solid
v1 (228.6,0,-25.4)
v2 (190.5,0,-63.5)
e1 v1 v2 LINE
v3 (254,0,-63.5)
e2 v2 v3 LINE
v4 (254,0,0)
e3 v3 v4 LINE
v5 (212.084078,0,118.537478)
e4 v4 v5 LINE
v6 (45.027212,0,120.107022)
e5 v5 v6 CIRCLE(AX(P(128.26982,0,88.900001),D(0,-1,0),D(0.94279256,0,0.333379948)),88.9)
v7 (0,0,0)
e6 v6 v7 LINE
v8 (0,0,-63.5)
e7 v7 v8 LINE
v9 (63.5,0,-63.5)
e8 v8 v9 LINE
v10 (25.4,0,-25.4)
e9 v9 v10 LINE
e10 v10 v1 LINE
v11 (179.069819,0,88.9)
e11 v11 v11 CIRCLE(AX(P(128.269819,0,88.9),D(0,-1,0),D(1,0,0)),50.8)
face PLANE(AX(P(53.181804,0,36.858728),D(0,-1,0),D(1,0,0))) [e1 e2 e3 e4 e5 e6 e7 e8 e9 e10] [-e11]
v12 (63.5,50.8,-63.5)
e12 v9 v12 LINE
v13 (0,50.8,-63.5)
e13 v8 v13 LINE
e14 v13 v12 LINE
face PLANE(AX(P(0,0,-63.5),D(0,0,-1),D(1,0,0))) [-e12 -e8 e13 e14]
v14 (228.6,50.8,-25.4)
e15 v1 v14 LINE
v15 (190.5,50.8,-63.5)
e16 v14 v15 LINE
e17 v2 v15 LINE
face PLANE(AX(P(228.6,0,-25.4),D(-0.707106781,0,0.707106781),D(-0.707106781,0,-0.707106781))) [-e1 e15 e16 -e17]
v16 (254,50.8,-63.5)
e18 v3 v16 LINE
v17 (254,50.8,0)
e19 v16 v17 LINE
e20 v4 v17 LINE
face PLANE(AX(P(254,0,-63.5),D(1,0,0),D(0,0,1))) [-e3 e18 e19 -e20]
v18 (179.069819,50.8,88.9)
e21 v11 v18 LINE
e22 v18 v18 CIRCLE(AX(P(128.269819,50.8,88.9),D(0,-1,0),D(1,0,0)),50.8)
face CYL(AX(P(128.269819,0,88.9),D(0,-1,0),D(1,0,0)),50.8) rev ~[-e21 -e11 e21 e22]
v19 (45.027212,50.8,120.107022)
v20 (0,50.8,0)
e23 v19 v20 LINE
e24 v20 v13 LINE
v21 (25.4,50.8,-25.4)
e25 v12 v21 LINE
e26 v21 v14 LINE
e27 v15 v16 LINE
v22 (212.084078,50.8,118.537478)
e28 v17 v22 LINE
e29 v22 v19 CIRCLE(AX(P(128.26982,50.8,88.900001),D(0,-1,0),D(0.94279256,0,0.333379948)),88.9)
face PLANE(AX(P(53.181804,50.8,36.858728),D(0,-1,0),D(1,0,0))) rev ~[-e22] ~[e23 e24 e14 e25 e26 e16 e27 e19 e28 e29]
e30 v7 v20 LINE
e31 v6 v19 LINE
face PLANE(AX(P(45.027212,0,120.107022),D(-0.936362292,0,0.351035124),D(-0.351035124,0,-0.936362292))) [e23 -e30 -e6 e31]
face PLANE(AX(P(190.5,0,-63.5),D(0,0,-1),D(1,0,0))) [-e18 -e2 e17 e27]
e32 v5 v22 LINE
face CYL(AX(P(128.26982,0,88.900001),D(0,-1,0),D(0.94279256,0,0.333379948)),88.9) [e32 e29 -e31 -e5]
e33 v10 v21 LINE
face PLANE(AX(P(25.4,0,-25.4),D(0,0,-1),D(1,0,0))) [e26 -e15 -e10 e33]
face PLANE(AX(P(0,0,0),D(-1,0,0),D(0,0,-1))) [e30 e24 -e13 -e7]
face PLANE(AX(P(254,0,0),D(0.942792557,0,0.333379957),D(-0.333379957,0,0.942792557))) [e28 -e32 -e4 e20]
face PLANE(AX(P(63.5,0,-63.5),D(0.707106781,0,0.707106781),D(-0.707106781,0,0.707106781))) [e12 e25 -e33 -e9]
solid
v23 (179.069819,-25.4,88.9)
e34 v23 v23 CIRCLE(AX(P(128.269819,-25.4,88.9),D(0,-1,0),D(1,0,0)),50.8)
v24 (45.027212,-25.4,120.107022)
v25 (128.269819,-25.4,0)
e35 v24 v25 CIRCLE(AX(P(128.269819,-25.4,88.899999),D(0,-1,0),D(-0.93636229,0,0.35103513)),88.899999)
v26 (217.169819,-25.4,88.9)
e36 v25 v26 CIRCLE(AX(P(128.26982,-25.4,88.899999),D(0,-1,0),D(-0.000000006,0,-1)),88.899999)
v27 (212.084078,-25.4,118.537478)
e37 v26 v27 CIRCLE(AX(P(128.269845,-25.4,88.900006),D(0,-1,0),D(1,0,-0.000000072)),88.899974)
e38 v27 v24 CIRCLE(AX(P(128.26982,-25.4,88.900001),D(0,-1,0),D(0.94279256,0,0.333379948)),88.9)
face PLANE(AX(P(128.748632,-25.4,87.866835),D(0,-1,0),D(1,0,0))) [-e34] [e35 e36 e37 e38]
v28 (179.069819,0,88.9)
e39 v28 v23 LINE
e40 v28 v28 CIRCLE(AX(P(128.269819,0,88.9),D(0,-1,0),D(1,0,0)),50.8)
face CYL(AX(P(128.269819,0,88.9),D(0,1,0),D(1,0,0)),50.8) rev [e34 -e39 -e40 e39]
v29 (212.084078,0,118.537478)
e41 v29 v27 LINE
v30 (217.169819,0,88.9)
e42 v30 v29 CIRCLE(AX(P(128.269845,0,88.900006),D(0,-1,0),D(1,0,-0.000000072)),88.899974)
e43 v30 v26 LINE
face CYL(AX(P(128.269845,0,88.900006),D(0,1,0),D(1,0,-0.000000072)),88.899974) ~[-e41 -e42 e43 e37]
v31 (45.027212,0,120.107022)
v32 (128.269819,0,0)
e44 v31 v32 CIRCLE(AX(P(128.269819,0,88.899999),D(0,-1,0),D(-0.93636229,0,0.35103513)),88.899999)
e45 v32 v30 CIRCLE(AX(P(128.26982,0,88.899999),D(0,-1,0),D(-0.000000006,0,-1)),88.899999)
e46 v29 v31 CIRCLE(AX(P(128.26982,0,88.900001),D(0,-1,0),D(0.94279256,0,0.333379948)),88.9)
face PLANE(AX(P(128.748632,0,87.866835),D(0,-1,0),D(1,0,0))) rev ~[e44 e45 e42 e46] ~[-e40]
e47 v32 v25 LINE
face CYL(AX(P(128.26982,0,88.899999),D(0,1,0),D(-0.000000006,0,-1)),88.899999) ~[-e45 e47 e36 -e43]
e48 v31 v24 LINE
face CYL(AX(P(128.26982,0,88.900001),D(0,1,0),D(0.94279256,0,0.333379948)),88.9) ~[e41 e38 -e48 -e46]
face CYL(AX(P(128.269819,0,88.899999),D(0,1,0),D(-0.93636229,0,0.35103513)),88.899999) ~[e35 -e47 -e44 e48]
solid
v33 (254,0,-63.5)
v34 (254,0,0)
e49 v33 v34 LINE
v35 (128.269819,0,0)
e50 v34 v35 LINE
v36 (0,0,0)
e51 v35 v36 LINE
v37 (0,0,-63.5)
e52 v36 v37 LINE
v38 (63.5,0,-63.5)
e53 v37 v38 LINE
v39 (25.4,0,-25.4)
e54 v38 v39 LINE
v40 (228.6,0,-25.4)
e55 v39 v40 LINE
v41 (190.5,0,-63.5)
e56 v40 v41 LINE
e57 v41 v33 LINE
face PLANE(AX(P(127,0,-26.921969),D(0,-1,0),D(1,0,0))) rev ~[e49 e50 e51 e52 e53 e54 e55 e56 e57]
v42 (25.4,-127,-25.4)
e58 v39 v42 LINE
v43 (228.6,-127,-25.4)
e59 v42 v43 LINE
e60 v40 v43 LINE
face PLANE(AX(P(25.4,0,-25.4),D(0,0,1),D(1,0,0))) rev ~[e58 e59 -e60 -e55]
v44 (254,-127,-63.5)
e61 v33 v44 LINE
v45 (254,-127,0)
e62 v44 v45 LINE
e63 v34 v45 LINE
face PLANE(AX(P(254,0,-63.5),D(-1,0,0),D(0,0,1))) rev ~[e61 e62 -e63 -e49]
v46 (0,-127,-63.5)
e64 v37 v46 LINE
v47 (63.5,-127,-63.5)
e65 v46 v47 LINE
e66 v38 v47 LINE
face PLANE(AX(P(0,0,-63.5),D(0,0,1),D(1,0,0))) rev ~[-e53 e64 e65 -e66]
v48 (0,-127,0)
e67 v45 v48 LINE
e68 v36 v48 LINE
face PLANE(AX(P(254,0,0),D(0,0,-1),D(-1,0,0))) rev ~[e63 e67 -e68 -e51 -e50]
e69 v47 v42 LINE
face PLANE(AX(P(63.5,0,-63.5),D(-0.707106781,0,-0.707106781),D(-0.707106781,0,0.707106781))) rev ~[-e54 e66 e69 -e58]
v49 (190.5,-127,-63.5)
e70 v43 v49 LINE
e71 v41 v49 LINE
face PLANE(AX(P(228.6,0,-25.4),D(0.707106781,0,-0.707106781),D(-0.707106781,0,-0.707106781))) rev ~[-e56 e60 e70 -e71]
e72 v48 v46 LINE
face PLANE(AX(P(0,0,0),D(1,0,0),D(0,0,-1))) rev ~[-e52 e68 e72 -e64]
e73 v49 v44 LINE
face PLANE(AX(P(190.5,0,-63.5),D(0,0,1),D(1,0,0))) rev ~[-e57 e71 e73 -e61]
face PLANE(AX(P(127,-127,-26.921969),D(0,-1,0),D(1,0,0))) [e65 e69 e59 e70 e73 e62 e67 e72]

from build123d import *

# Parameters (mm, degrees)
F1_DEPTH = 127
F0_R     = 50.8
F2_DEPTH = 25.4
F3_DEPTH = 50.8


with BuildPart() as f1:
    # F0 (on Front) → F1 (new body)
    with BuildSketch(Plane.XZ):
        Polygon((128.269819, 0), (0, 0), (0, -63.5), (63.5, -63.5), (25.4, -25.4), (228.6, -25.4), (190.5, -63.5), (254, -63.5), (254, 0), align=None)
    extrude(amount=F1_DEPTH)

    # F0 (on Front) → F2 (join)
    with BuildSketch(Plane.XZ):
        with BuildLine():
            ThreePointArc((45.027212, 120.107022), (55.20302, 38.259573), (128.269819, 0))
            ThreePointArc((128.269819, 0), (191.131612, 26.038207), (217.169819, 88.9))
            ThreePointArc((217.169819, 88.9), (215.88916, 103.935332), (212.084078, 118.537478))
            ThreePointArc((212.084078, 118.537478), (129.105022, 177.796077), (45.027212, 120.107022))
        make_face()
        with Locations((128.269819, 88.9)):
            Circle(F0_R, mode=Mode.SUBTRACT)
    extrude(amount=F2_DEPTH)


with BuildPart() as f3:
    # F0 (on Front) → F3 (new body)
    with BuildSketch(Plane.XZ):
        with BuildLine():
            Line((45.027212, 120.107022), (0, 0))
            Line((0, 0), (128.269819, 0))
            ThreePointArc((128.269819, 0), (55.20302, 38.259573), (45.027212, 120.107022))
        make_face()
        with BuildLine():
            ThreePointArc((217.169819, 88.9), (191.131612, 26.038207), (128.269819, 0))
            Line((128.269819, 0), (254, 0))
            Line((254, 0), (212.084078, 118.537478))
            ThreePointArc((212.084078, 118.537478), (215.88916, 103.935332), (217.169819, 88.9))
        make_face()
        with BuildLine():
            ThreePointArc((45.027212, 120.107022), (55.20302, 38.259573), (128.269819, 0))
            ThreePointArc((128.269819, 0), (191.131612, 26.038207), (217.169819, 88.9))
            ThreePointArc((217.169819, 88.9), (215.88916, 103.935332), (212.084078, 118.537478))
            ThreePointArc((212.084078, 118.537478), (129.105022, 177.796077), (45.027212, 120.107022))
        make_face()
        with Locations((128.269819, 88.9)):
            Circle(F0_R, mode=Mode.SUBTRACT)
        Polygon((128.269819, 0), (0, 0), (0, -63.5), (63.5, -63.5), (25.4, -25.4), (228.6, -25.4), (190.5, -63.5), (254, -63.5), (254, 0), align=None)
    extrude(amount=-F3_DEPTH)


solid = Compound([f1.part, f3.part])
